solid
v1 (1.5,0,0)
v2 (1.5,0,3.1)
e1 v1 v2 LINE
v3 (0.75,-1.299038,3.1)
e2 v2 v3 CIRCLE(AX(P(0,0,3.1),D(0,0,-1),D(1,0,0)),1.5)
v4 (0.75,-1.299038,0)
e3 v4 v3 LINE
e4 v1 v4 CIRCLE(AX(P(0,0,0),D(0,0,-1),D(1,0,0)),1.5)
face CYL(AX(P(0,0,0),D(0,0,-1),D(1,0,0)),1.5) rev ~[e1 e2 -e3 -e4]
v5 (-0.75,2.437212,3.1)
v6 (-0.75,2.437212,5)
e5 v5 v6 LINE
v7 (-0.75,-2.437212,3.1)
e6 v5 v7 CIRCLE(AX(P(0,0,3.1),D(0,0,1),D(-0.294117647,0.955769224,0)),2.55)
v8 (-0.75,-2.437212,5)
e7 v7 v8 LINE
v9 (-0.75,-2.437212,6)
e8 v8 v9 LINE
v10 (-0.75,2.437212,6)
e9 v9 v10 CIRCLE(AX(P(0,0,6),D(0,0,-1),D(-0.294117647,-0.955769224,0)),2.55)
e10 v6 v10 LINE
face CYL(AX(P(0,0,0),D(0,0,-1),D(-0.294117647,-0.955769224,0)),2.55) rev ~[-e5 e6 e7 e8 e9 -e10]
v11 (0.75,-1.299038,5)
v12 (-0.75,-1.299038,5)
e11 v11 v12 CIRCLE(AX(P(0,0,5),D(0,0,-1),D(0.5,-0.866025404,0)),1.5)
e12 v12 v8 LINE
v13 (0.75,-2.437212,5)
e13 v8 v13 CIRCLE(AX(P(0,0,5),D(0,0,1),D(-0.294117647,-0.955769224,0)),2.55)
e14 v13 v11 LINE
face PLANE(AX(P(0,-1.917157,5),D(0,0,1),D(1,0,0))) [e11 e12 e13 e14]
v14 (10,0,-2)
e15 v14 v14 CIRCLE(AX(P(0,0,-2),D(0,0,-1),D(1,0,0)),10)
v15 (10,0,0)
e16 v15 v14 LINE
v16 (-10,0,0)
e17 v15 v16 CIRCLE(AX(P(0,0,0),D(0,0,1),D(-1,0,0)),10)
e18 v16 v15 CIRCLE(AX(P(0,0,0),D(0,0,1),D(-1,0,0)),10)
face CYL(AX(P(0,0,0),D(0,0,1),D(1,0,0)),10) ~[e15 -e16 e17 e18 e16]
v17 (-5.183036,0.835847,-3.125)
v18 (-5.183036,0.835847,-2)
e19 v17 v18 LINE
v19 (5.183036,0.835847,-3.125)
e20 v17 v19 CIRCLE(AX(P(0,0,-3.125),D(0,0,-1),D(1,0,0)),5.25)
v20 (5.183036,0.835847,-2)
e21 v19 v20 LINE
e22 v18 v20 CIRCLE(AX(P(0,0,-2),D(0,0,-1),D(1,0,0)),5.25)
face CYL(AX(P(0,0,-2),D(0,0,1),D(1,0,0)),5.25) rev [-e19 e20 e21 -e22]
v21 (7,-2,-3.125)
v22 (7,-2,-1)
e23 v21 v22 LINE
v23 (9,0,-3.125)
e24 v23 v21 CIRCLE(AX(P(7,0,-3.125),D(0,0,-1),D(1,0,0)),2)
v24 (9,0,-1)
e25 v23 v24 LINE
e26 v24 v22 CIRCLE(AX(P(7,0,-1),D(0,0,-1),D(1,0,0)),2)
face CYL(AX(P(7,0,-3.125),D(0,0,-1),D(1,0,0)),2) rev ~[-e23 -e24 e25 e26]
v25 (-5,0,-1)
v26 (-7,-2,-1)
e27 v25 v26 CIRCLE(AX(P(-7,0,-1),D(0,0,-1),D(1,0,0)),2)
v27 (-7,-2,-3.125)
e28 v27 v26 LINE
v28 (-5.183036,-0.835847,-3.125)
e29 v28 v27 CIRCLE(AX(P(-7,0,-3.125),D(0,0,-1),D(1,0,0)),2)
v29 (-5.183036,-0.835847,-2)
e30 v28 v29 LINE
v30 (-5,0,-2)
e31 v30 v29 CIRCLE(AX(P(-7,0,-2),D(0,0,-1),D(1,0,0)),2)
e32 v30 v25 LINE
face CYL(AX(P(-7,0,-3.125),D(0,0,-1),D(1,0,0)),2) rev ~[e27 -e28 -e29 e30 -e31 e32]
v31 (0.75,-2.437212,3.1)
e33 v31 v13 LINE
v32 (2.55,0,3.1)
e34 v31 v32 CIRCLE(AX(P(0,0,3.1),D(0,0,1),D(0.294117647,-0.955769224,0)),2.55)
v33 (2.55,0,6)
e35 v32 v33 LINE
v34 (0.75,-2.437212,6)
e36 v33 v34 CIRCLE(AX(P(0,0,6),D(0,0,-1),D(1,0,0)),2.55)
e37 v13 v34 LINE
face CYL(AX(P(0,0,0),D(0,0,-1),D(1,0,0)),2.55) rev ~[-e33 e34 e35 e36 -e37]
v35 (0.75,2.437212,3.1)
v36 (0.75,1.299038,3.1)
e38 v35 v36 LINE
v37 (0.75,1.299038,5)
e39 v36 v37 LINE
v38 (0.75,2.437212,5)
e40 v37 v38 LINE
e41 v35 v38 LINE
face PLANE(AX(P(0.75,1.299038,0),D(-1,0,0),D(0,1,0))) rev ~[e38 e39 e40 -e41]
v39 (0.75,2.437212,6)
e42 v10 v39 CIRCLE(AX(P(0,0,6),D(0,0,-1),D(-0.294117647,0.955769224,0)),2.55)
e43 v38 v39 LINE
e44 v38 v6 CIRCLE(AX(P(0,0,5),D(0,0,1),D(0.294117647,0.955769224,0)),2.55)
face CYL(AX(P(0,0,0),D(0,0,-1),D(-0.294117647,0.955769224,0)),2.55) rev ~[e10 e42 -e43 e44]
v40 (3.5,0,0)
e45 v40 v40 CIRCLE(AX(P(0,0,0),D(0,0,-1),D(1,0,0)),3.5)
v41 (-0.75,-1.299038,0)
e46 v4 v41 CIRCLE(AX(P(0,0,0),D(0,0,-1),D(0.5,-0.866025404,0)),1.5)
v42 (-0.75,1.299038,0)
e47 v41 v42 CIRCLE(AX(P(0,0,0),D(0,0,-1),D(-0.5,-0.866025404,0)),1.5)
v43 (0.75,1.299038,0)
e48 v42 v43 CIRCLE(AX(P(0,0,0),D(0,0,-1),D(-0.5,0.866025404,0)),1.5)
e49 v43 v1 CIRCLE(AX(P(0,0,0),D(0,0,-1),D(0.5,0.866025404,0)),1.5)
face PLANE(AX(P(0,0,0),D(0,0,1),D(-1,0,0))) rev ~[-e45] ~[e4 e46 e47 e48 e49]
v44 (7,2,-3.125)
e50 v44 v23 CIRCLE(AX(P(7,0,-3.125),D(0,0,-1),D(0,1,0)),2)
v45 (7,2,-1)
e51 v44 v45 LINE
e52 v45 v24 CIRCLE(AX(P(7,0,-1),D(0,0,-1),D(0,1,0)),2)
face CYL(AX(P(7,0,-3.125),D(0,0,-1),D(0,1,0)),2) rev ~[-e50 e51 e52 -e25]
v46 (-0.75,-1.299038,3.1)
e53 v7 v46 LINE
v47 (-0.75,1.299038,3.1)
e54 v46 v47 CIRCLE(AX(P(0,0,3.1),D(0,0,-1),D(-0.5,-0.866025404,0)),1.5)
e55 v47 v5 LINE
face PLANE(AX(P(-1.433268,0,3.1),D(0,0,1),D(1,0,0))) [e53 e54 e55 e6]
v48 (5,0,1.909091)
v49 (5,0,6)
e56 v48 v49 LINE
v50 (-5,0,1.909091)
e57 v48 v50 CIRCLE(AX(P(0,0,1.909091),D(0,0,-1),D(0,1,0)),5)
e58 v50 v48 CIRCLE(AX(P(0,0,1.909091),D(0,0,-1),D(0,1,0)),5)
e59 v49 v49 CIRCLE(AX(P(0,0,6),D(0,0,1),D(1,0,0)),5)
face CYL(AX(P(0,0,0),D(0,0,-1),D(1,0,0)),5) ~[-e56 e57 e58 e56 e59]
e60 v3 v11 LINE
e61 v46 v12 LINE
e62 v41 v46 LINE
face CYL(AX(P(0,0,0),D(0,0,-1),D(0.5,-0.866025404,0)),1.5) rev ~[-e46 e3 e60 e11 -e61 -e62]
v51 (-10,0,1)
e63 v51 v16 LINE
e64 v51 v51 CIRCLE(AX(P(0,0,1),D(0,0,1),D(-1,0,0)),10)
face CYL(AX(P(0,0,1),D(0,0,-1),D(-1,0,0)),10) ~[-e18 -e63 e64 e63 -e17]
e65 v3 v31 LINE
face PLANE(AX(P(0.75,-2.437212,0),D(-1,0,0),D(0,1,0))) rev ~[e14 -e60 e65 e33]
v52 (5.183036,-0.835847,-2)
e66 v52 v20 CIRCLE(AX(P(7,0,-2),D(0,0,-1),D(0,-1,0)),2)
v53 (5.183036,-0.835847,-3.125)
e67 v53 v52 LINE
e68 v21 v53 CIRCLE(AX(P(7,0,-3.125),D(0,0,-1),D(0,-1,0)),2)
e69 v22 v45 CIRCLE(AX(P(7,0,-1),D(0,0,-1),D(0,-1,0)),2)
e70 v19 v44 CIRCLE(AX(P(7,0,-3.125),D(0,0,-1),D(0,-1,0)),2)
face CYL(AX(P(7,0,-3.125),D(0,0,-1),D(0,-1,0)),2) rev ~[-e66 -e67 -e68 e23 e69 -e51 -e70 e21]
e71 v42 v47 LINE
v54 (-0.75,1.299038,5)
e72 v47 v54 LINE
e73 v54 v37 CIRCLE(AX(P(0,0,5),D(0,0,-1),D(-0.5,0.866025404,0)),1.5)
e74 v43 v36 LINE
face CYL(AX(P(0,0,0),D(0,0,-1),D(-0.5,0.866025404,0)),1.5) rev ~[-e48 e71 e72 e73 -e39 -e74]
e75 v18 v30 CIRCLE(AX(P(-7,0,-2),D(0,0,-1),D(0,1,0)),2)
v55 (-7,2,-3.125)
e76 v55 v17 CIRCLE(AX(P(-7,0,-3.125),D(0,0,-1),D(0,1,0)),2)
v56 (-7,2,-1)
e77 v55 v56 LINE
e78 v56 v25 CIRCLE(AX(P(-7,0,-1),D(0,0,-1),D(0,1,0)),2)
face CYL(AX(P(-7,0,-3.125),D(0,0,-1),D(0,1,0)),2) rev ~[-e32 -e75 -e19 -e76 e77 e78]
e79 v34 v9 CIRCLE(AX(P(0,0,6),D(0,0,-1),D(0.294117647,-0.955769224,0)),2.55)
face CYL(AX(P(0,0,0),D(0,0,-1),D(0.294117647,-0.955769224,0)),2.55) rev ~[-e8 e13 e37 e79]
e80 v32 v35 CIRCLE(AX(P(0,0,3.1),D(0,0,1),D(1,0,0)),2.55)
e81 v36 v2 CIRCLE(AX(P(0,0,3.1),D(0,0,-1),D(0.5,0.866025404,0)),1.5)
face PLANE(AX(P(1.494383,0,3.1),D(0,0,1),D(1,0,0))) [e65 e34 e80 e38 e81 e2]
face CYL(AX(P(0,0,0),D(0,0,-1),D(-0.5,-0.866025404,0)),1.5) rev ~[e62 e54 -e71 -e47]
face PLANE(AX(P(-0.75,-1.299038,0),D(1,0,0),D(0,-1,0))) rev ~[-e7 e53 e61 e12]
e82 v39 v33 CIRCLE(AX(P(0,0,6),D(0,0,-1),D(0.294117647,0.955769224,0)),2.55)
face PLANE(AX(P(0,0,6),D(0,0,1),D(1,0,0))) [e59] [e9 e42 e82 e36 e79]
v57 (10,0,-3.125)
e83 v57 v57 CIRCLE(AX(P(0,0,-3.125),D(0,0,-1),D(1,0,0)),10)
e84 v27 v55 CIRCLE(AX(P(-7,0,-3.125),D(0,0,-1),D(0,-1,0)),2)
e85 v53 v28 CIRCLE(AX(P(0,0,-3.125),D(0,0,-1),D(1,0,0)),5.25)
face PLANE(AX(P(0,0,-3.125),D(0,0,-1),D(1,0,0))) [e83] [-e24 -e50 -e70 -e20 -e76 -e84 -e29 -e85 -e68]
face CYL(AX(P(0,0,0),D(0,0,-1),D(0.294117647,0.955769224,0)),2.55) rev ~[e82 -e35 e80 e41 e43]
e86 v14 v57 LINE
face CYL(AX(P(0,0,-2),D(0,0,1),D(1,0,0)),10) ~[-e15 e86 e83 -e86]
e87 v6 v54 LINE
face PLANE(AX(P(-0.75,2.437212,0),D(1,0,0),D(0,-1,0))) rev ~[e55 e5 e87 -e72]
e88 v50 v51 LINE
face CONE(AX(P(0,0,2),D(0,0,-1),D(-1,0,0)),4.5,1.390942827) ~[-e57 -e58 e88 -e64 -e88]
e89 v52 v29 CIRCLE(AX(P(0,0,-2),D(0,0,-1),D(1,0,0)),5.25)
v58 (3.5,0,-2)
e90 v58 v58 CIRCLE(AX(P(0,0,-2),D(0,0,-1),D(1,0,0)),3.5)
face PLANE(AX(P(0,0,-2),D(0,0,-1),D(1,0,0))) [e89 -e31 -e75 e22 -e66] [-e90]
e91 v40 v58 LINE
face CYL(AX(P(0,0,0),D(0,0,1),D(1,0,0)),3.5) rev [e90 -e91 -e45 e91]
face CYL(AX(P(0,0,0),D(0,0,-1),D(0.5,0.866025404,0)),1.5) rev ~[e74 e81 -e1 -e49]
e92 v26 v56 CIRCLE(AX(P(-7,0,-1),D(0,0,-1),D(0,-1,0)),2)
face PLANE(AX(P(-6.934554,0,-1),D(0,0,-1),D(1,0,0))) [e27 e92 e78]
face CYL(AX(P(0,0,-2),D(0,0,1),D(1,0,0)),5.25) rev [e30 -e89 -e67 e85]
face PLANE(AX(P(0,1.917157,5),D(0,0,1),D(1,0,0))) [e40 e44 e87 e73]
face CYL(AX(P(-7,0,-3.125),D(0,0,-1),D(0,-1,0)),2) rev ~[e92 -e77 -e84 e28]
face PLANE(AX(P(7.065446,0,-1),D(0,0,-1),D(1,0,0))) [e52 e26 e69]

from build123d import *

# Parameters (mm, degrees)
F0_R      = 5
F1_DEPTH  = 6
F2_DEPTH  = 5
F3_DEPTH  = 3.1
F6_R      = 10
F6_R_2    = 3.5
F7_DEPTH  = 2
F8_R      = 10
F8_R_2    = 5.25
F9_DEPTH  = 1.125
F11_DEPTH = 2.125


with BuildPart() as f1:
    # F0 (on Top) → F1 (new body)
    with BuildSketch(Plane.XY):
        Circle(F0_R)
        with BuildLine():
            ThreePointArc((0.75, 2.4372115214), (2.0512191497, 1.5149257408), (2.55, 0))
            ThreePointArc((2.55, 0), (2.0512191497, -1.5149257408), (0.75, -2.4372115214))
            ThreePointArc((0.75, -2.4372115214), (0, -2.55), (-0.75, -2.4372115214))
            ThreePointArc((-0.75, -2.4372115214), (-2.55, 0), (-0.75, 2.4372115214))
            ThreePointArc((-0.75, 2.4372115214), (0, 2.55), (0.75, 2.4372115214))
        make_face(mode=Mode.SUBTRACT)
    extrude(amount=F1_DEPTH)

    # F0 (on Top) → F2 (join)
    with BuildSketch(Plane.XY):
        with BuildLine():
            Line((0.75, 1.2990381057), (0.75, 2.4372115214))
            ThreePointArc((0.75, 2.4372115214), (0, 2.55), (-0.75, 2.4372115214))
            Line((-0.75, 2.4372115214), (-0.75, 1.2990381057))
            ThreePointArc((-0.75, 1.2990381057), (0, 1.5), (0.75, 1.2990381057))
        make_face()
        with BuildLine():
            ThreePointArc((-0.75, -2.4372115214), (0, -2.55), (0.75, -2.4372115214))
            Line((0.75, -2.4372115214), (0.75, -1.2990381057))
            ThreePointArc((0.75, -1.2990381057), (0, -1.5), (-0.75, -1.2990381057))
            Line((-0.75, -1.2990381057), (-0.75, -2.4372115214))
        make_face()
    extrude(amount=F2_DEPTH)

    # F0 (on Top) → F3 (join)
    with BuildSketch(Plane.XY):
        with BuildLine():
            Line((-0.75, 1.2990381057), (-0.75, 2.4372115214))
            ThreePointArc((-0.75, 2.4372115214), (-2.55, 0), (-0.75, -2.4372115214))
            Line((-0.75, -2.4372115214), (-0.75, -1.2990381057))
            ThreePointArc((-0.75, -1.2990381057), (-1.5, 0), (-0.75, 1.2990381057))
        make_face()
        with BuildLine():
            ThreePointArc((0.75, -2.4372115214), (2.0512191497, -1.5149257408), (2.55, 0))
            ThreePointArc((2.55, 0), (2.0512191497, 1.5149257408), (0.75, 2.4372115214))
            Line((0.75, 2.4372115214), (0.75, 1.2990381057))
            ThreePointArc((0.75, 1.2990381057), (1.2990381057, 0.75), (1.5, 0))
            ThreePointArc((1.5, 0), (1.2990381057, -0.75), (0.75, -1.2990381057))
            Line((0.75, -1.2990381057), (0.75, -2.4372115214))
        make_face()
    extrude(amount=F3_DEPTH)

    # F4 (on Front) → F5 (revolve)
    with BuildSketch(Plane.XZ):
        Polygon((-10, 0), (-4, 0), (-4, 2), (-4.5, 2), (-10, 1), align=None)
    revolve(axis=Axis((0, 0, 1.2425027974), (0, 0, 1)))

    # F6 (on face) → F7 (join)
    with BuildSketch(Plane(origin=(0, 0, 0), x_dir=(1, 0, 0), z_dir=(0, 0, -1))):
        Circle(F6_R)
        Circle(F6_R_2, mode=Mode.SUBTRACT)
    extrude(amount=F7_DEPTH)

    # F8 (on face) → F9 (join)
    with BuildSketch(Plane(origin=(0, 0, -2), x_dir=(1, 0, 0), z_dir=(0, 0, -1))):
        Circle(F8_R)
        Circle(F8_R_2, mode=Mode.SUBTRACT)
    extrude(amount=F9_DEPTH)

    # F10 (on face) → F11 (cut)
    with BuildSketch(Plane(origin=(0, 0, -3.125), x_dir=(1, 0, 0), z_dir=(0, 0, -1))):
        with BuildLine():
            ThreePointArc((-7, -2), (-5.5857864376, -1.4142135624), (-5, 0))
            ThreePointArc((-5, 0), (-5.5857864376, 1.4142135624), (-7, 2))
            ThreePointArc((-7, 2), (-9, 0), (-7, -2))
        make_face()
        with BuildLine():
            ThreePointArc((7, -2), (8.4142135624, -1.4142135624), (9, 0))
            ThreePointArc((9, 0), (8.4142135624, 1.4142135624), (7, 2))
            ThreePointArc((7, 2), (5, 0), (7, -2))
        make_face()
    extrude(amount=-F11_DEPTH, mode=Mode.SUBTRACT)


solid = f1.part
